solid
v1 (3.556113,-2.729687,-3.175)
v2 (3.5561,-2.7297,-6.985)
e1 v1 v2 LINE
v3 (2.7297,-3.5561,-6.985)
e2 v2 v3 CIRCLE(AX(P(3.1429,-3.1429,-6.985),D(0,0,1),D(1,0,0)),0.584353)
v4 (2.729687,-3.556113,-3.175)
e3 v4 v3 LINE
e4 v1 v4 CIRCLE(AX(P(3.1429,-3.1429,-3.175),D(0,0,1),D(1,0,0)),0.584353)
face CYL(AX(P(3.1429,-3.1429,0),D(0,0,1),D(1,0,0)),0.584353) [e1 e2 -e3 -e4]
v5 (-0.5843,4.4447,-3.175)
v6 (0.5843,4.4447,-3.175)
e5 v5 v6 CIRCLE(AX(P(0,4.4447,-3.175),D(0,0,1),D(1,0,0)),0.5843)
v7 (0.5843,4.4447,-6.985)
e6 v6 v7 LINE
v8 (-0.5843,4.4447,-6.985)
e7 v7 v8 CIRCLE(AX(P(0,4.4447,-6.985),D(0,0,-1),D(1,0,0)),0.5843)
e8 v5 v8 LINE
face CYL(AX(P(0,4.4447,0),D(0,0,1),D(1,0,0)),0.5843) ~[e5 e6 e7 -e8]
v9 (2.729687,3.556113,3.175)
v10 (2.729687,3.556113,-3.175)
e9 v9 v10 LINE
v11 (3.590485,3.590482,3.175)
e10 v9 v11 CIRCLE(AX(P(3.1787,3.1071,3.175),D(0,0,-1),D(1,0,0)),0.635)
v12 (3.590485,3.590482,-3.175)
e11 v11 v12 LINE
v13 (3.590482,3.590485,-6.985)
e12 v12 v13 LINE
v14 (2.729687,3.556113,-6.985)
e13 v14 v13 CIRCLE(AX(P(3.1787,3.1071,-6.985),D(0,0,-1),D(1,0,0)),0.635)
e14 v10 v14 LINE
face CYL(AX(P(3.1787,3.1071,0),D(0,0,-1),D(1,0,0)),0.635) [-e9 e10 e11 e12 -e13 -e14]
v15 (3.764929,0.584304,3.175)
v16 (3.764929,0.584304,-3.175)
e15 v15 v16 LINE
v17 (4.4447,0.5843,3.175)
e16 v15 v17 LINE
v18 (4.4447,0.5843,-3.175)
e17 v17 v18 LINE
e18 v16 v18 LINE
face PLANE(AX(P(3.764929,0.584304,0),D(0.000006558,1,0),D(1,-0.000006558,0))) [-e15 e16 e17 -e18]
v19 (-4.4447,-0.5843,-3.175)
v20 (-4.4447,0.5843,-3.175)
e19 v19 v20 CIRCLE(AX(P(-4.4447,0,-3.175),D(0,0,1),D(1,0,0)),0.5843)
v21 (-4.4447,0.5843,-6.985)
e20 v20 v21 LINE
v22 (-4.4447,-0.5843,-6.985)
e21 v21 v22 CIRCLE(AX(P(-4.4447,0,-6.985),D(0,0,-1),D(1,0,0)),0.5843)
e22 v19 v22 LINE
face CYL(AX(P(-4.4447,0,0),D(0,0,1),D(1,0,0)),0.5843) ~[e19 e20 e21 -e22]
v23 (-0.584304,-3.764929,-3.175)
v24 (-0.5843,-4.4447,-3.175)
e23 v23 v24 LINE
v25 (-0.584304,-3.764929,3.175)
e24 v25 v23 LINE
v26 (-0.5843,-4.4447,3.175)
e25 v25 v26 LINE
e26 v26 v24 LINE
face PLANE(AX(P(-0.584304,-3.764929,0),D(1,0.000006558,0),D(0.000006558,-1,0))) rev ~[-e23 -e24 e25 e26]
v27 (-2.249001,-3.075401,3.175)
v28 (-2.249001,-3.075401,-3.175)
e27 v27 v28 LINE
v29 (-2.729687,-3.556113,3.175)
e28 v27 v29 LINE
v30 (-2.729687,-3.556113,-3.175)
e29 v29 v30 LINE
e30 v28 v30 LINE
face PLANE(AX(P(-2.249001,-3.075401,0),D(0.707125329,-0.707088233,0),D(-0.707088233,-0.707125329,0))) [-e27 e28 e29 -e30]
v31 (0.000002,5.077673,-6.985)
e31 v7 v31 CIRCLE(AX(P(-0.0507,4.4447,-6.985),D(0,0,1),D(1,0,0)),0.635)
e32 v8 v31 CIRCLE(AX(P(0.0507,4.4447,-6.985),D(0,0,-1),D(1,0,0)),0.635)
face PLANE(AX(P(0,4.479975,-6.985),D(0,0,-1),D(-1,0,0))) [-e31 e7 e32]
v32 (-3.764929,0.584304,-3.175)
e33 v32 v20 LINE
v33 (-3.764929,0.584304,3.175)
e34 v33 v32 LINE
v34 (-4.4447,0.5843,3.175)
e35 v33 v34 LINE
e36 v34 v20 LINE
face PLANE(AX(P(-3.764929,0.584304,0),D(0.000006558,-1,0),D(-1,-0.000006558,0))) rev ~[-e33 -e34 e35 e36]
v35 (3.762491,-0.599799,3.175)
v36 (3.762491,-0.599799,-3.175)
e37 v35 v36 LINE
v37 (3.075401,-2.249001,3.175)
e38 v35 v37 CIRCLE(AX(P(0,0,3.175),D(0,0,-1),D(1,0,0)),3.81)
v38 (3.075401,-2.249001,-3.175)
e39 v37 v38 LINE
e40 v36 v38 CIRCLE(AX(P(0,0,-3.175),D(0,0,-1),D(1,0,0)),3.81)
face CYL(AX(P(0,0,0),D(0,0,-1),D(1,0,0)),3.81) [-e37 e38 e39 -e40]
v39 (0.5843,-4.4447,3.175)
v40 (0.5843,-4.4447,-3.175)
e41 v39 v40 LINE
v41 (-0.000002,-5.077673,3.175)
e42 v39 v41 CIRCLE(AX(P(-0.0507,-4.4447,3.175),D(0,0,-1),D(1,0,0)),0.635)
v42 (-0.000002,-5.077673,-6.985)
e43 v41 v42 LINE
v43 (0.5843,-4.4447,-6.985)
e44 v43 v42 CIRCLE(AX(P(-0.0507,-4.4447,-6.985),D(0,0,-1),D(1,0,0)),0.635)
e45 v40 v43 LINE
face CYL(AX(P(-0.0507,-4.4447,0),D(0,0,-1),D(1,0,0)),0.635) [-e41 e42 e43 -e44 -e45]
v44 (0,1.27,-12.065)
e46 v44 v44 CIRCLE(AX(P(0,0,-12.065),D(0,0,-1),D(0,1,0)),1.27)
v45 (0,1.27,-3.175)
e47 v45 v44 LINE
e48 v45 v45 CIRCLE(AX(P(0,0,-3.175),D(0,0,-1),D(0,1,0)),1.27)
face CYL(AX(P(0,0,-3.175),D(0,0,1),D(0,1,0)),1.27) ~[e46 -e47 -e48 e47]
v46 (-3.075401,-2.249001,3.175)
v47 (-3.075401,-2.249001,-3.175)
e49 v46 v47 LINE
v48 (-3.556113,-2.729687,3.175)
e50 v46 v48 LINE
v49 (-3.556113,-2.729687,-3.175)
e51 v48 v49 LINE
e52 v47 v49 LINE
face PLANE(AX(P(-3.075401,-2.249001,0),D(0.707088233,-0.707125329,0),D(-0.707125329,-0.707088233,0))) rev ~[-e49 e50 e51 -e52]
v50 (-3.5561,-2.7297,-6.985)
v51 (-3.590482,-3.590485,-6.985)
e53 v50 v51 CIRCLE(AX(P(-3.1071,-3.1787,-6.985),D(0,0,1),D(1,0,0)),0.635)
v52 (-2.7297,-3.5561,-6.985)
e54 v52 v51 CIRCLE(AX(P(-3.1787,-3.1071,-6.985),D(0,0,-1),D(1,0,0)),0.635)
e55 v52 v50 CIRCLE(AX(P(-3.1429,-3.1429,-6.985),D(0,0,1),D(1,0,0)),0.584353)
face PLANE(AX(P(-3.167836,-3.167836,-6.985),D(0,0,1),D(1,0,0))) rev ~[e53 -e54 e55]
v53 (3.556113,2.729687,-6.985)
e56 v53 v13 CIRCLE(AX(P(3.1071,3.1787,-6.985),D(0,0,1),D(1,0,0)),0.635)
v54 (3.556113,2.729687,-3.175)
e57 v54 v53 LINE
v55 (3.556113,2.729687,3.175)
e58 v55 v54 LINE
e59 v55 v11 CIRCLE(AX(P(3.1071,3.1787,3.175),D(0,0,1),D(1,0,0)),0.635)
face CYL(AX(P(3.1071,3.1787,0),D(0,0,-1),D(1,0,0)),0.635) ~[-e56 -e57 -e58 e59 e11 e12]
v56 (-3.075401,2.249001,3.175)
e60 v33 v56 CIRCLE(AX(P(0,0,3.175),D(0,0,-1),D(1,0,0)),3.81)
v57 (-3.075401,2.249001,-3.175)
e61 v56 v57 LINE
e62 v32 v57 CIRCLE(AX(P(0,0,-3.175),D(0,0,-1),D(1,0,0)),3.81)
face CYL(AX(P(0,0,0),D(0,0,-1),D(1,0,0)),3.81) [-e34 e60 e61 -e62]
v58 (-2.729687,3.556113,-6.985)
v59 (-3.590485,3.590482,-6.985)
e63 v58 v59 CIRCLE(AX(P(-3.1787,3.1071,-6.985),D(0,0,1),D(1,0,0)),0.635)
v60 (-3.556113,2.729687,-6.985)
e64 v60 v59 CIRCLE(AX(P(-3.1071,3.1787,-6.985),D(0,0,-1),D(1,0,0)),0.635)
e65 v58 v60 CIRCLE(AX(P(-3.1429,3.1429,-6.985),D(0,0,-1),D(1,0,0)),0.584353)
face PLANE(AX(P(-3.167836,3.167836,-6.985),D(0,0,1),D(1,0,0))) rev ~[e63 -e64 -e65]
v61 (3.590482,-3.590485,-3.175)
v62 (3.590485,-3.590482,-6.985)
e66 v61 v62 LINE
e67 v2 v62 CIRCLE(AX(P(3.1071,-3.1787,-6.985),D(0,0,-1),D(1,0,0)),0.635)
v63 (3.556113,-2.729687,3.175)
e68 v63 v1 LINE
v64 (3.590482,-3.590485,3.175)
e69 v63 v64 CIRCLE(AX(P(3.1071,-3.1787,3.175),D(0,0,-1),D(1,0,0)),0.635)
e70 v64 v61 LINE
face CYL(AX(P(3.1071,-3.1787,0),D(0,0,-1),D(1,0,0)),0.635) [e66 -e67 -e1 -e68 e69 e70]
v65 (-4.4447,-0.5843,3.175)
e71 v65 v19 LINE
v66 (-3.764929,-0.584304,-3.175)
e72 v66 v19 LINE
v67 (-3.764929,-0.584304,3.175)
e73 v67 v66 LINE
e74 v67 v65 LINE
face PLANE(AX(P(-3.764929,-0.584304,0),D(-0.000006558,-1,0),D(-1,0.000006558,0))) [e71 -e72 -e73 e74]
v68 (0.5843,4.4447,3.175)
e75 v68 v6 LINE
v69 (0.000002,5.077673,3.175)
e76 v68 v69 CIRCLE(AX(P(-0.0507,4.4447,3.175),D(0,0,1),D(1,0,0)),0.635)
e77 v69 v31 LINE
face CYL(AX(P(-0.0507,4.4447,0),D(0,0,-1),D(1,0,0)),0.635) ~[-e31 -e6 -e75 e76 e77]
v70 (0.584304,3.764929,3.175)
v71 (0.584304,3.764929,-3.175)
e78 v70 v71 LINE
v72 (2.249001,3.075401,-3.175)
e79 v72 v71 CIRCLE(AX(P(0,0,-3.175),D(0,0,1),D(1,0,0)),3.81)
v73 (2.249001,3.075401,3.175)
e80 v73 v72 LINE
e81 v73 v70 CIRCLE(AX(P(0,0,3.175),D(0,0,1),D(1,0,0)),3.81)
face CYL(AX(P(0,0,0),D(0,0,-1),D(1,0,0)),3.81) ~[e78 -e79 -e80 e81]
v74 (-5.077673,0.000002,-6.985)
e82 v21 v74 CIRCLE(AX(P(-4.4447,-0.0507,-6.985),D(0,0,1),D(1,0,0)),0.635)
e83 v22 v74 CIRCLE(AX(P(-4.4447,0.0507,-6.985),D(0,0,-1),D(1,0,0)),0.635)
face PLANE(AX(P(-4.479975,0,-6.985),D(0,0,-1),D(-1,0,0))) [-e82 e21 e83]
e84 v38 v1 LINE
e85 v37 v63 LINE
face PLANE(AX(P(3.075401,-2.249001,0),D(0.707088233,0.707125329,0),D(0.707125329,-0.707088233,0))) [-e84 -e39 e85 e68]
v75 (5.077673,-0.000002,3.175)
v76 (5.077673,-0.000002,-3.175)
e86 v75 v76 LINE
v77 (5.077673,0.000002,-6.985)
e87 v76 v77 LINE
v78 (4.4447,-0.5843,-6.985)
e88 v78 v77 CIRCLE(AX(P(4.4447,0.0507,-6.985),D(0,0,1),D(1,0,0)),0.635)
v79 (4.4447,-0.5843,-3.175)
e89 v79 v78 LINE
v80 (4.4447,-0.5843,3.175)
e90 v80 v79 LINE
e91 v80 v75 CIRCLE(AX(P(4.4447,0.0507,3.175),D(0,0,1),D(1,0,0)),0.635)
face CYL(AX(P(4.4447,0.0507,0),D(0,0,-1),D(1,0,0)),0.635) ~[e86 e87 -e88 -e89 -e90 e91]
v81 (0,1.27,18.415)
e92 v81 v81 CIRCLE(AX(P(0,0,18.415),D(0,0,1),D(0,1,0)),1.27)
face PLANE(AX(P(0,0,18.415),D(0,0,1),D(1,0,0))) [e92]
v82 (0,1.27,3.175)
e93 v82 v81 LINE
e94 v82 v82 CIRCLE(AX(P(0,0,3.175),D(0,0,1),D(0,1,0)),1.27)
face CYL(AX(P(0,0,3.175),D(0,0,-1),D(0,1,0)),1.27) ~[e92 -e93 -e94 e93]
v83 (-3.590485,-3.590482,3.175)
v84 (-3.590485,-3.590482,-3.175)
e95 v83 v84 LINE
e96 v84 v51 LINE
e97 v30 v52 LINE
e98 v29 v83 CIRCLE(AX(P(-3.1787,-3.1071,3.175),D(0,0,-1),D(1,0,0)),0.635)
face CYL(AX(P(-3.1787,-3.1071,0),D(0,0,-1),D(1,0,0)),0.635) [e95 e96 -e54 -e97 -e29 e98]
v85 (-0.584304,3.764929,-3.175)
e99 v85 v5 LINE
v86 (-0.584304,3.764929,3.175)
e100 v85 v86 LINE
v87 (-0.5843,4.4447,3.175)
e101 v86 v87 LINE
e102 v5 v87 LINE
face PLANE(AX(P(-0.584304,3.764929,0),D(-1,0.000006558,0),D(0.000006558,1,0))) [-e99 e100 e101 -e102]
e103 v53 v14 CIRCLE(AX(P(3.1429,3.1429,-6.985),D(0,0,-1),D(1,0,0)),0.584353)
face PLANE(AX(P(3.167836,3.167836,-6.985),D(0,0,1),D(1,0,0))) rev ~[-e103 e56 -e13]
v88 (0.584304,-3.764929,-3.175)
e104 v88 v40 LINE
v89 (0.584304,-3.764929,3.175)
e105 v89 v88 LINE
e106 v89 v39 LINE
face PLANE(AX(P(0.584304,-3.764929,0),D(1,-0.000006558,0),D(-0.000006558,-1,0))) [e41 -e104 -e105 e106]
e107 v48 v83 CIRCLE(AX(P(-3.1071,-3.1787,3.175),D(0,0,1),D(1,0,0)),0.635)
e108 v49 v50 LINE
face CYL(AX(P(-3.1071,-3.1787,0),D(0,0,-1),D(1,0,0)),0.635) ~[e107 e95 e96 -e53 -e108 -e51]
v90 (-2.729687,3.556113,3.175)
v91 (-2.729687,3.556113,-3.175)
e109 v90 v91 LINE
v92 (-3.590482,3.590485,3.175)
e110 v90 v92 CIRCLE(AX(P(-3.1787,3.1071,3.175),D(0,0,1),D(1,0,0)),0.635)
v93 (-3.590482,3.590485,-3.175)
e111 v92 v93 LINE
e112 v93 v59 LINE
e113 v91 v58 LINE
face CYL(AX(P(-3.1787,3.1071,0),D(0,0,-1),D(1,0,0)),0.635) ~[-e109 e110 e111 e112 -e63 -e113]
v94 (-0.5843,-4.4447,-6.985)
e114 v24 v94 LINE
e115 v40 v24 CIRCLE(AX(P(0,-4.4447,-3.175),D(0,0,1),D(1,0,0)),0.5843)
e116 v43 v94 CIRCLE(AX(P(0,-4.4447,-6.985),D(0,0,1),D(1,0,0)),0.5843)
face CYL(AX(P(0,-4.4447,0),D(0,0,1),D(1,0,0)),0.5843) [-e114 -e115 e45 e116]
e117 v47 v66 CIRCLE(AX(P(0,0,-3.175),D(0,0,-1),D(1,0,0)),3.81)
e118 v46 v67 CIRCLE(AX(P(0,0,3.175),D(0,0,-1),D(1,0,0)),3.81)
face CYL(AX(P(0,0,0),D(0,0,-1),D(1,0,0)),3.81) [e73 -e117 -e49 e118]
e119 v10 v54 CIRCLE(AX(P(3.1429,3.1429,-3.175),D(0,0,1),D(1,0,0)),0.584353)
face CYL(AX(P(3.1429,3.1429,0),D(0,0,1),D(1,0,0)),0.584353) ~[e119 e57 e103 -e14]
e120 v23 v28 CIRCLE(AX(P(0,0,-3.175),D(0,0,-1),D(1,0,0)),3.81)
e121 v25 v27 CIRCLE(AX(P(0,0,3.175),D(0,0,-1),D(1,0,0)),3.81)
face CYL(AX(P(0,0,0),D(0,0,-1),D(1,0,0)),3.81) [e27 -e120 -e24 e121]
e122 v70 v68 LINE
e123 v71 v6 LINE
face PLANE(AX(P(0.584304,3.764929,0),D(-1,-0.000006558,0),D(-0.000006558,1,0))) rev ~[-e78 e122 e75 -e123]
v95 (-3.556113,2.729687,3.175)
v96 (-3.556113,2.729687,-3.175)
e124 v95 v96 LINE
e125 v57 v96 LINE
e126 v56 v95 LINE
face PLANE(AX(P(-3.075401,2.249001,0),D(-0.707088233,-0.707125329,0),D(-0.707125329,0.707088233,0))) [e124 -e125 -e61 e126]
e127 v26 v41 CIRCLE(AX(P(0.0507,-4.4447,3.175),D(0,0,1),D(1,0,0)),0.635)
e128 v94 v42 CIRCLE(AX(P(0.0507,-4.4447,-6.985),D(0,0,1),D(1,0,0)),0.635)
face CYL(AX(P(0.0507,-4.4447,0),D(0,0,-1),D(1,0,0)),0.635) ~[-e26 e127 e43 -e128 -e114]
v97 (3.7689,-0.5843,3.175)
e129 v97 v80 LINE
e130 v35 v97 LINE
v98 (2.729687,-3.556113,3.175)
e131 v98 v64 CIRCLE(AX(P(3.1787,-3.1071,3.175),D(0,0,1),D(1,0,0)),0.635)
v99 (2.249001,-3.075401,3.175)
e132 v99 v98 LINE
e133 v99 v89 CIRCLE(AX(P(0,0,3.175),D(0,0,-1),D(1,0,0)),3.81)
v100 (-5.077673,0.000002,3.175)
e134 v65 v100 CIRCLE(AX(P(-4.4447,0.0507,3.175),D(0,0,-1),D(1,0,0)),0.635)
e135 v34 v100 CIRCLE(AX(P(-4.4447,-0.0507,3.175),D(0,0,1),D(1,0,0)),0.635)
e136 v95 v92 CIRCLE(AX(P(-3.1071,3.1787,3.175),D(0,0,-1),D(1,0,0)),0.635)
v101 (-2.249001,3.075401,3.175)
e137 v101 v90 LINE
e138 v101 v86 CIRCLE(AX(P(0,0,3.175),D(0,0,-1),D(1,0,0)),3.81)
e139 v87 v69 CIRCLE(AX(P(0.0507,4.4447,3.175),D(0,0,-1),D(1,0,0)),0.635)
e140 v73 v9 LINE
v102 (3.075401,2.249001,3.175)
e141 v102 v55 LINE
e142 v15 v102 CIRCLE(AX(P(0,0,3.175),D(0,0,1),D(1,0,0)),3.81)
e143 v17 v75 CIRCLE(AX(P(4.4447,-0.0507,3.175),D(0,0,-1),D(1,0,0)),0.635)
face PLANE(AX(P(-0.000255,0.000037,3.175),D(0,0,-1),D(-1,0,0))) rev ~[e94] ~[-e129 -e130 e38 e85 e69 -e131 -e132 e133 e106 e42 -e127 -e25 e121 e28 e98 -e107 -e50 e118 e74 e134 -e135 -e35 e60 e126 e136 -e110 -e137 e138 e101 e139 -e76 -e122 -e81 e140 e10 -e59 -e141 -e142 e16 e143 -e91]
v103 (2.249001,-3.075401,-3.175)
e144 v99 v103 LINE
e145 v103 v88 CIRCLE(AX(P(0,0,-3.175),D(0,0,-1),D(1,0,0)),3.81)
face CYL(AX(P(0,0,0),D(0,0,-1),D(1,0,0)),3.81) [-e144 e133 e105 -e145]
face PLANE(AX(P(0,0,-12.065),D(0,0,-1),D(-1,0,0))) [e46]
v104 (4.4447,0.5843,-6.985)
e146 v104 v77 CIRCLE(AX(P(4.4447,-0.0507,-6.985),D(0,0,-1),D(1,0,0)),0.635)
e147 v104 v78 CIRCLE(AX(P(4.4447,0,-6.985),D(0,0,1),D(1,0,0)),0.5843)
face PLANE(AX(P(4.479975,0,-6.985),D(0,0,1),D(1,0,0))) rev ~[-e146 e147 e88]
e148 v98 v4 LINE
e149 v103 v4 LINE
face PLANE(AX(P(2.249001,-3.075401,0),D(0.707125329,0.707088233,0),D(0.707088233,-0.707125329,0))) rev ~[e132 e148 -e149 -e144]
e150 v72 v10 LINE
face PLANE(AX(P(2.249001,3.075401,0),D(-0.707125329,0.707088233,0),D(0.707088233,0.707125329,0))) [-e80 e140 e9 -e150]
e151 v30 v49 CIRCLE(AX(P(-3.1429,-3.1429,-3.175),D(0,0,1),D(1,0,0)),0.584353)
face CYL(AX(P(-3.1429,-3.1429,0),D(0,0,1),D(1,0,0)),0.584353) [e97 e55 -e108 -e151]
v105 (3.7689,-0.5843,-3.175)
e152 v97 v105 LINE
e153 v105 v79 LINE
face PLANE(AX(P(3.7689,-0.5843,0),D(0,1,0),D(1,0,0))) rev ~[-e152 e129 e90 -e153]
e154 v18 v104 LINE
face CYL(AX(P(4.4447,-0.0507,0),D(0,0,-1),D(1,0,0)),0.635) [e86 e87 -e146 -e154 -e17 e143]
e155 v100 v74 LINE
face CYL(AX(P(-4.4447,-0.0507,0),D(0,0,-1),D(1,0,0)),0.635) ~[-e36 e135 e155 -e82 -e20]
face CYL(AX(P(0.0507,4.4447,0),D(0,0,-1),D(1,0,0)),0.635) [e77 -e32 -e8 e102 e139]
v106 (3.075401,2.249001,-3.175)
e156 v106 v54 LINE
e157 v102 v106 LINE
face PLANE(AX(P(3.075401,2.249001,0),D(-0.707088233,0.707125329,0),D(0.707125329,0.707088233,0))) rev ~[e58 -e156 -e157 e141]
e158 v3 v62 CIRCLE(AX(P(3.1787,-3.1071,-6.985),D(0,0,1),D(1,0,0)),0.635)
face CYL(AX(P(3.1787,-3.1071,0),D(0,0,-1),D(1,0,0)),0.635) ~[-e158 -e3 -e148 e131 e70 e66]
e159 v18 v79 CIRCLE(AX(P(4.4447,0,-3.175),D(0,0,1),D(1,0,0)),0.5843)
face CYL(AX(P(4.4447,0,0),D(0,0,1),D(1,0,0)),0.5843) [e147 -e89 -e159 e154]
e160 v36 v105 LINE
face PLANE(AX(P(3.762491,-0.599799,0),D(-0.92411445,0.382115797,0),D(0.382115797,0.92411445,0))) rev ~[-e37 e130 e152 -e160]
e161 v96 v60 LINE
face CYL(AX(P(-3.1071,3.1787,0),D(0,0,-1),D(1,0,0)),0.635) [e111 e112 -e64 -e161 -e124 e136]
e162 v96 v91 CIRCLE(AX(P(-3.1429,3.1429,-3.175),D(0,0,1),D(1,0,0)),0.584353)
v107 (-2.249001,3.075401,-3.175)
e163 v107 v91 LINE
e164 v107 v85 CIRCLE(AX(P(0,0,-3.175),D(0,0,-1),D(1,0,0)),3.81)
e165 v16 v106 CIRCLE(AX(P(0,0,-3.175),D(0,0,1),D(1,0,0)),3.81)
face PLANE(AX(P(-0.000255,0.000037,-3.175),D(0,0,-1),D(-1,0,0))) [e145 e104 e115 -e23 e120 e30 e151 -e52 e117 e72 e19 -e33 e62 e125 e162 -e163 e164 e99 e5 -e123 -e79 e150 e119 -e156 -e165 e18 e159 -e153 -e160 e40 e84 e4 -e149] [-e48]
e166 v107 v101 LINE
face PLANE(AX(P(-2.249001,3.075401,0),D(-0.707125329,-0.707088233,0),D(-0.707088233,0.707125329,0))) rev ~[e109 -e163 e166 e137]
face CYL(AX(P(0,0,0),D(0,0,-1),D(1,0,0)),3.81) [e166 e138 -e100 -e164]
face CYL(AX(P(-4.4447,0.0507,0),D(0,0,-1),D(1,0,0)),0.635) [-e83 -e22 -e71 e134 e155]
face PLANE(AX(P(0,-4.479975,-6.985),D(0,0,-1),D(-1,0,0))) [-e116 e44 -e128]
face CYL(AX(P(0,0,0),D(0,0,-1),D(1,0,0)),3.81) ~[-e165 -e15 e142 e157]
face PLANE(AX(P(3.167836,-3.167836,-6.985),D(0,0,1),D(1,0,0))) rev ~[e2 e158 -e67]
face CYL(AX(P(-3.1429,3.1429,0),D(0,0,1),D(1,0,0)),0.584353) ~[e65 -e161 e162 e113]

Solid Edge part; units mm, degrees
sketch "Sketch1" plane through (0, 0, 0) normal (0, 0, 1) x (1, 0, 0)
  arc A0 (-0.5843, 4.4447) -> (0, 5.0777) centre (0.0507, 4.4447) cw
  arc A1 (0.5843, 4.4447) -> (0, 5.0777) centre (-0.0507, 4.4447) ccw
  line L0 (0.5843, 3.7649) -> (0.5843, 4.4447)
  arc A2 (2.249, 3.0754) -> (0.5843, 3.7649) centre (0, 0) ccw
  line L1 (2.249, 3.0754) -> (2.7297, 3.5561)
  arc A3 (2.7297, 3.5561) -> (3.5905, 3.5905) centre (3.1787, 3.1071) cw
  arc A4 (3.5561, 2.7297) -> (3.5905, 3.5905) centre (3.1071, 3.1787) ccw
  line L2 (3.0754, 2.249) -> (3.5561, 2.7297)
  arc A5 (3.7649, 0.5843) -> (3.0754, 2.249) centre (0, 0) ccw
  line L3 (3.7649, 0.5843) -> (4.4447, 0.5843)
  arc A6 (4.4447, 0.5843) -> (5.0777, 0) centre (4.4447, -0.0507) cw
  arc A7 (4.4447, -0.5843) -> (5.0777, 0) centre (4.4447, 0.0507) ccw
  line L4 (3.7689, -0.5843) -> (4.4447, -0.5843)
  line L5 (3.7625, -0.5998) -> (3.7689, -0.5843)
  arc A8 (3.7625, -0.5998) -> (3.0754, -2.249) centre (0, 0) cw
  line L6 (3.0754, -2.249) -> (3.5561, -2.7297)
  arc A9 (3.5561, -2.7297) -> (3.5905, -3.5905) centre (3.1071, -3.1787) cw
  arc A10 (2.7297, -3.5561) -> (3.5905, -3.5905) centre (3.1787, -3.1071) ccw
  line L7 (2.249, -3.0754) -> (2.7297, -3.5561)
  arc A11 (2.249, -3.0754) -> (0.5843, -3.7649) centre (0, 0) cw
  line L8 (0.5843, -3.7649) -> (0.5843, -4.4447)
  arc A12 (0.5843, -4.4447) -> (0, -5.0777) centre (-0.0507, -4.4447) cw
  arc A13 (-0.5843, -4.4447) -> (0, -5.0777) centre (0.0507, -4.4447) ccw
  line L9 (-0.5843, -3.7649) -> (-0.5843, -4.4447)
  arc A14 (-0.5843, -3.7649) -> (-2.249, -3.0754) centre (0, 0) cw
  line L10 (-2.249, -3.0754) -> (-2.7297, -3.5561)
  arc A15 (-2.7297, -3.5561) -> (-3.5905, -3.5905) centre (-3.1787, -3.1071) cw
  arc A16 (-3.5561, -2.7297) -> (-3.5905, -3.5905) centre (-3.1071, -3.1787) ccw
  line L11 (-3.0754, -2.249) -> (-3.5561, -2.7297)
  arc A17 (-3.0754, -2.249) -> (-3.7649, -0.5843) centre (0, 0) cw
  line L12 (-3.7649, -0.5843) -> (-4.4447, -0.5843)
  arc A18 (-4.4447, -0.5843) -> (-5.0777, 0) centre (-4.4447, 0.0507) cw
  arc A19 (-4.4447, 0.5843) -> (-5.0777, 0) centre (-4.4447, -0.0507) ccw
  line L13 (-3.7649, 0.5843) -> (-4.4447, 0.5843)
  arc A20 (-3.7649, 0.5843) -> (-3.0754, 2.249) centre (0, 0) cw
  line L14 (-3.0754, 2.249) -> (-3.5561, 2.7297)
  arc A21 (-3.5561, 2.7297) -> (-3.5905, 3.5905) centre (-3.1071, 3.1787) cw
  arc A22 (-2.7297, 3.5561) -> (-3.5905, 3.5905) centre (-3.1787, 3.1071) ccw
  line L15 (-2.249, 3.0754) -> (-2.7297, 3.5561)
  arc A23 (-2.249, 3.0754) -> (-0.5843, 3.7649) centre (0, 0) cw
  line L16 (-0.5843, 3.7649) -> (-0.5843, 4.4447)
extrude "Protrusion1" add sketch "Sketch1" along normal mid plane 6.35
sketch "Sketch2" plane through (0, 0, 0) normal (0, 0, 1) x (1, 0, 0)
  arc A0 (3.5561, 2.7297) -> (3.5905, 3.5905) centre (3.1071, 3.1787) ccw
  arc A1 (2.7297, 3.5561) -> (3.5905, 3.5905) centre (3.1787, 3.1071) cw
  arc A2 (3.5561, 2.7297) -> (2.7297, 3.5561) centre (3.1429, 3.1429) cw
  arc A3 (4.4447, 0.5843) -> (4.4447, -0.5843) centre (4.4447, 0) ccw
  arc A4 (4.4447, -0.5843) -> (5.0777, 0) centre (4.4447, 0.0507) ccw
  arc A5 (4.4447, 0.5843) -> (5.0777, 0) centre (4.4447, -0.0507) cw
  arc A6 (3.5561, -2.7297) -> (2.7297, -3.5561) centre (3.1429, -3.1429) ccw
  arc A7 (2.7297, -3.5561) -> (3.5905, -3.5905) centre (3.1787, -3.1071) ccw
  arc A8 (3.5561, -2.7297) -> (3.5905, -3.5905) centre (3.1071, -3.1787) cw
  arc A9 (0.5843, -4.4447) -> (0, -5.0777) centre (-0.0507, -4.4447) cw
  arc A10 (-0.5843, -4.4447) -> (0, -5.0777) centre (0.0507, -4.4447) ccw
  arc A11 (0.5843, -4.4447) -> (-0.5843, -4.4447) centre (0, -4.4447) ccw
  arc A12 (-2.7297, -3.5561) -> (-3.5561, -2.7297) centre (-3.1429, -3.1429) ccw
  arc A13 (-3.5561, -2.7297) -> (-3.5905, -3.5905) centre (-3.1071, -3.1787) ccw
  arc A14 (-2.7297, -3.5561) -> (-3.5905, -3.5905) centre (-3.1787, -3.1071) cw
  arc A15 (-4.4447, 0.5843) -> (-4.4447, -0.5843) centre (-4.4447, 0) cw
  arc A16 (-4.4447, -0.5843) -> (-5.0777, 0) centre (-4.4447, 0.0507) cw
  arc A17 (-4.4447, 0.5843) -> (-5.0777, 0) centre (-4.4447, -0.0507) ccw
  arc A18 (-2.7297, 3.5561) -> (-3.5905, 3.5905) centre (-3.1787, 3.1071) ccw
  arc A19 (-3.5561, 2.7297) -> (-3.5905, 3.5905) centre (-3.1071, 3.1787) cw
  arc A20 (-2.7297, 3.5561) -> (-3.5561, 2.7297) centre (-3.1429, 3.1429) cw
  arc A21 (0.5843, 4.4447) -> (-0.5843, 4.4447) centre (0, 4.4447) cw
  arc A22 (-0.5843, 4.4447) -> (0, 5.0777) centre (0.0507, 4.4447) cw
  arc A23 (0.5843, 4.4447) -> (0, 5.0777) centre (-0.0507, 4.4447) ccw
  dimension "D1" = 3.81
  dimension "D2" = 0.0168
extrude "ExtrudedProtrusion_2" add sketch "Sketch2" against normal blind 6.985
sketch "Sketch3" plane through (0, 0, -3.175) normal (0, 0, -1) x (0, 1, 0)
  circle A0 centre (0, 0) radius 1.27
extrude "ExtrudedProtrusion_3" add sketch "Sketch3" along normal blind 8.89
sketch "Sketch4" plane through (0, 0, 3.175) normal (0, 0, 1) x (0, 1, 0)
  circle A0 centre (0, 0) radius 1.27
extrude "ExtrudedProtrusion_4" add sketch "Sketch4" along normal blind 15.24
